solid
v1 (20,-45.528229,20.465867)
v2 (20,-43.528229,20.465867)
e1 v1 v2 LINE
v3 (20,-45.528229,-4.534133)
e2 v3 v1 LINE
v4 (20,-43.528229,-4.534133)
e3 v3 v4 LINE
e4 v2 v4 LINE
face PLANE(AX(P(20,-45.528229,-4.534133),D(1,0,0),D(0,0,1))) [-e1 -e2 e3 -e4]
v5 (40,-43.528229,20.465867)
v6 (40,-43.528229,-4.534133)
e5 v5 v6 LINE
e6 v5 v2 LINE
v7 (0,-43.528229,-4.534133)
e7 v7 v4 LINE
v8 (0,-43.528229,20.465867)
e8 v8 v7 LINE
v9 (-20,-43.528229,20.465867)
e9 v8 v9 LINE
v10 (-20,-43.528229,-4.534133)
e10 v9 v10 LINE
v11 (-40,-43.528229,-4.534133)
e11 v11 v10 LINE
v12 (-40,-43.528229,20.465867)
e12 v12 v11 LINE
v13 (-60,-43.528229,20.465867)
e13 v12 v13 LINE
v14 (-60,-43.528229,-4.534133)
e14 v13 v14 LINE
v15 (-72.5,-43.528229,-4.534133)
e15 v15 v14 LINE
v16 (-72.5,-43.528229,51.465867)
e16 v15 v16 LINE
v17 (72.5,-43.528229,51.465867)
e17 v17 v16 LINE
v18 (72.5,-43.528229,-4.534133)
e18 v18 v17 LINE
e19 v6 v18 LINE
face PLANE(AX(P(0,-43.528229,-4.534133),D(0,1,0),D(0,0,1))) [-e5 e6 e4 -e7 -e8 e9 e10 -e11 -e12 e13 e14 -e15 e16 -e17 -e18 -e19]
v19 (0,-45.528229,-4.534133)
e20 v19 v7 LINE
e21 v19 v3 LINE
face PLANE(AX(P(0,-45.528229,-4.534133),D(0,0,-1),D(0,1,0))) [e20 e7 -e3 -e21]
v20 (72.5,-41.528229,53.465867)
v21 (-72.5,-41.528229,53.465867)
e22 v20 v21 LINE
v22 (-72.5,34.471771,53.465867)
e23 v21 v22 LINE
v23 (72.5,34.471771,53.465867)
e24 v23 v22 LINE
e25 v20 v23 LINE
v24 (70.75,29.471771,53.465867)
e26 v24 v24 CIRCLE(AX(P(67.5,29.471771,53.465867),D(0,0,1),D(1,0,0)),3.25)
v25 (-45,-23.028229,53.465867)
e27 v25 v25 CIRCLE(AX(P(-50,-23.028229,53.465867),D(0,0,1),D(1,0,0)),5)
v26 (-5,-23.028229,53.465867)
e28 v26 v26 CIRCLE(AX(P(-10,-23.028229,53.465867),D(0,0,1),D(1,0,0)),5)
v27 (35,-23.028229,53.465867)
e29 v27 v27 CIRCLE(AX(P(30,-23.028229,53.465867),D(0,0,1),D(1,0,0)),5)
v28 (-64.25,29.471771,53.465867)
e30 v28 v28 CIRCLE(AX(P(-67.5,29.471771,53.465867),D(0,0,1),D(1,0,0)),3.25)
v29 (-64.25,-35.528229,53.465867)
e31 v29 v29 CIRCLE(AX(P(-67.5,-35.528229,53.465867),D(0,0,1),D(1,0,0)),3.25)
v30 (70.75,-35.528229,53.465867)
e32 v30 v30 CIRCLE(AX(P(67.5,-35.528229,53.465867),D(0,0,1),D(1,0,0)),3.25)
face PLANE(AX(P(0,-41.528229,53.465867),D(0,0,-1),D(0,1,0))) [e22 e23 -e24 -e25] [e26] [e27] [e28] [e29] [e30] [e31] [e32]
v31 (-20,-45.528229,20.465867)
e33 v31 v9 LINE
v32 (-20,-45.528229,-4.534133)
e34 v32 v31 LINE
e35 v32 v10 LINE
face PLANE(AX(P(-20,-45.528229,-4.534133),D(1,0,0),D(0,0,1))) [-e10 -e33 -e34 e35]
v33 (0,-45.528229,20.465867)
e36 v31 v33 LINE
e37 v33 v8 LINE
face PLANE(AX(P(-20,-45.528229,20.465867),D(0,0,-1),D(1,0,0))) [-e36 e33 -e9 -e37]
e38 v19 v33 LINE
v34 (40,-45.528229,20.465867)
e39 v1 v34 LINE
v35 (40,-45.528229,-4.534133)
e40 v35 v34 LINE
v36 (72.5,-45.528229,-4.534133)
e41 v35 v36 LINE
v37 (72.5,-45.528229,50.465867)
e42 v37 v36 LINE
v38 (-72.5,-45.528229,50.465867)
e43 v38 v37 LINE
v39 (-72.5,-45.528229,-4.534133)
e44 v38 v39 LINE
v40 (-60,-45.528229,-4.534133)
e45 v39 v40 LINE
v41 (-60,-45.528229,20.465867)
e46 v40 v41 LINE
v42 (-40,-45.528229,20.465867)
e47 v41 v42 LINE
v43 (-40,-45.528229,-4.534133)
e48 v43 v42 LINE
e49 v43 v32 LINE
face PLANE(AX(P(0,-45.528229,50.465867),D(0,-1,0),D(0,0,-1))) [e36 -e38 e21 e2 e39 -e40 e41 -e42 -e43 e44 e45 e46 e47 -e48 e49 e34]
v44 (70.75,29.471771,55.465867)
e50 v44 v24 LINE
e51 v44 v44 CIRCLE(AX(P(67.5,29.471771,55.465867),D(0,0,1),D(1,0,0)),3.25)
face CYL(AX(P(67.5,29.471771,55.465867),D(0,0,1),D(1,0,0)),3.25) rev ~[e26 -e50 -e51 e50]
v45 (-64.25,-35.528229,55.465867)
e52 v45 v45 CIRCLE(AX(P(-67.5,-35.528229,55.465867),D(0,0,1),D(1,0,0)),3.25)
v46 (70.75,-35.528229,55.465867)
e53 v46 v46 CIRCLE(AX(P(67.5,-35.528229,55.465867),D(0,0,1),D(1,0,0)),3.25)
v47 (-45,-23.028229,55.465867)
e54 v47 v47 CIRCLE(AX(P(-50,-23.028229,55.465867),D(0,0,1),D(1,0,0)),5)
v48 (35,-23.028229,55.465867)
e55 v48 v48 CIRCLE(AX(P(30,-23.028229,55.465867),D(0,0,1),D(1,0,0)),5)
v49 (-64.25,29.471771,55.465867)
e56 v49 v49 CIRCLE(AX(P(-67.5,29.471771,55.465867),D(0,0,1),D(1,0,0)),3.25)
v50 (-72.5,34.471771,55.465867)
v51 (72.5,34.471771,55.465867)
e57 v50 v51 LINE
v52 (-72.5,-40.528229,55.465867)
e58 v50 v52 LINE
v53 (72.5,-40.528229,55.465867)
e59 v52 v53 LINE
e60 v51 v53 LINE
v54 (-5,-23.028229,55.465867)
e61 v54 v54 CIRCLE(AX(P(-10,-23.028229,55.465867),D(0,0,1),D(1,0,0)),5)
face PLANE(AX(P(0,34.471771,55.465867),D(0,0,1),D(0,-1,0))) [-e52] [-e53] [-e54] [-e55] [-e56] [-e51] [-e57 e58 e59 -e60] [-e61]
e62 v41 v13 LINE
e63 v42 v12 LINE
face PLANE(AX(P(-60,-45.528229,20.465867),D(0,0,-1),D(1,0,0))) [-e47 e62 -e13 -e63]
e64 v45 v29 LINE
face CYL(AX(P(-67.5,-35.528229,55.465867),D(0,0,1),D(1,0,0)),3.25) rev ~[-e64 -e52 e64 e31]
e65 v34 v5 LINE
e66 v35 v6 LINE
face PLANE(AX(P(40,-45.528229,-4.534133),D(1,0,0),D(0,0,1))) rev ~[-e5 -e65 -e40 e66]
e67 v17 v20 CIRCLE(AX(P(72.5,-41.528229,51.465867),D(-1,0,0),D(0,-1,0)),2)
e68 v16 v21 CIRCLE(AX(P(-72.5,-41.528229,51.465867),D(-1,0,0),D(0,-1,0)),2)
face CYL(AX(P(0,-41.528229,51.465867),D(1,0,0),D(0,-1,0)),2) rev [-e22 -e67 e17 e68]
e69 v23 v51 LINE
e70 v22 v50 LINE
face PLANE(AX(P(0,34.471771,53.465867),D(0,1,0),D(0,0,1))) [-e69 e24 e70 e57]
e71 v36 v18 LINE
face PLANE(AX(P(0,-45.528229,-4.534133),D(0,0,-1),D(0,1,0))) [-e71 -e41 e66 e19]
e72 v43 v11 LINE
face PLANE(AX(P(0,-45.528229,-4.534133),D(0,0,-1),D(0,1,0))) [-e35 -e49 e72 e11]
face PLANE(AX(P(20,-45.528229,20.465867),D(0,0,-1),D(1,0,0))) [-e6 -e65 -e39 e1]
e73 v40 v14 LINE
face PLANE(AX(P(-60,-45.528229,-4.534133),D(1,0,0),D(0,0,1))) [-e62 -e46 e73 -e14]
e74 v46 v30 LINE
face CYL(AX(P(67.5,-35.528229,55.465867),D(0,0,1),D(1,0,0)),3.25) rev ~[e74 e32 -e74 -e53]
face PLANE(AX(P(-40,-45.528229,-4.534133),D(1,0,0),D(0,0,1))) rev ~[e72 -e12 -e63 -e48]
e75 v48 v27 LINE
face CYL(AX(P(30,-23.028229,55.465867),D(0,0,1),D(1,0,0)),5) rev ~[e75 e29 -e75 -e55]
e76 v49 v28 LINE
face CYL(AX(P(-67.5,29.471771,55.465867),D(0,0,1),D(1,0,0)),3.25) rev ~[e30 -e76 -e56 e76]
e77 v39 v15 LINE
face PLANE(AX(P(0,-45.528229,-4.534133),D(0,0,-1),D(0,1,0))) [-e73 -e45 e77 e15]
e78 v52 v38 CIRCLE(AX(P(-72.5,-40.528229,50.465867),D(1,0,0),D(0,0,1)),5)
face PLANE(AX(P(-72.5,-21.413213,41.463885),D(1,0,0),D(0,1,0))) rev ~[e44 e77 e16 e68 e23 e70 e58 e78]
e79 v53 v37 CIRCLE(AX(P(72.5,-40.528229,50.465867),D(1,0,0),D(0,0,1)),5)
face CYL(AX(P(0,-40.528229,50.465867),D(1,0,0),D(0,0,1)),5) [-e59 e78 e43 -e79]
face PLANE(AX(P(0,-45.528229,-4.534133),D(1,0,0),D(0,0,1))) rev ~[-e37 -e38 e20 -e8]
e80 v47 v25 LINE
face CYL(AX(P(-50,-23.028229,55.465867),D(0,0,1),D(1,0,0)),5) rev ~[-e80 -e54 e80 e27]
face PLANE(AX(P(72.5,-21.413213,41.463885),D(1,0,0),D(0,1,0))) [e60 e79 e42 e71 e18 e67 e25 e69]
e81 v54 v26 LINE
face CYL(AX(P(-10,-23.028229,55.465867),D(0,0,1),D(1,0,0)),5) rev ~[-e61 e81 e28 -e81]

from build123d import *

# Parameters (mm, degrees)
F1_DEPTH = 72.5
F2_W     = 20
F2_H     = 25
F3_DEPTH = 25
F4_R     = 5
F5_DEPTH = 25
F6_R     = 3.25
F7_DEPTH = 25


with BuildPart() as f1:
    # F0 (on Right) → F1 (new body, symmetric)
    with BuildSketch(Plane.YZ):
        with BuildLine():
            Line((34.471770674, 53.4658672512), (34.471770674, 55.4658672512))
            Line((34.471770674, 55.4658672512), (-40.528229326, 55.4658672512))
            ThreePointArc((-40.528229326, 55.4658672512), (-44.0637632319, 54.0014011571), (-45.528229326, 50.4658672512))
            Line((-45.528229326, 50.4658672512), (-45.528229326, -4.5341327488))
            Line((-45.528229326, -4.5341327488), (-43.528229326, -4.5341327488))
            Line((-43.528229326, -4.5341327488), (-43.528229326, 51.4658672512))
            ThreePointArc((-43.528229326, 51.4658672512), (-42.9424428884, 52.8800808135), (-41.528229326, 53.4658672512))
            Line((-41.528229326, 53.4658672512), (34.471770674, 53.4658672512))
        make_face()
    extrude(amount=F1_DEPTH, both=True)

    # F2 (on face) → F3 (cut)
    with BuildSketch(Plane.XZ.offset(45.528229326)):
        with Locations((-50, 7.9658672512)):
            Rectangle(F2_W, F2_H)
        with Locations((-10, 7.9658672512)):
            Rectangle(F2_W, F2_H)
        with Locations((30, 7.9658672512)):
            Rectangle(F2_W, F2_H)
    extrude(amount=-F3_DEPTH, mode=Mode.SUBTRACT)

    # F4 (on face) → F5 (cut)
    with BuildSketch(Plane.XY.offset(55.4658672512)):
        with Locations((-50, -23.028229326)):
            Circle(F4_R)
        with Locations((-10, -23.028229326)):
            Circle(F4_R)
        with Locations((30, -23.028229326)):
            Circle(F4_R)
    extrude(amount=-F5_DEPTH, mode=Mode.SUBTRACT)

    # F6 (on face) → F7 (cut)
    with BuildSketch(Plane.XY.offset(55.4658672512)):
        with Locations((-67.5, -35.528229326)):
            Circle(F6_R)
        with Locations((-67.5, 29.471770674)):
            Circle(F6_R)
        with Locations((67.5, 29.471770674)):
            Circle(F6_R)
        with Locations((67.5, -35.528229326)):
            Circle(F6_R)
    extrude(amount=-F7_DEPTH, mode=Mode.SUBTRACT)


solid = f1.part
